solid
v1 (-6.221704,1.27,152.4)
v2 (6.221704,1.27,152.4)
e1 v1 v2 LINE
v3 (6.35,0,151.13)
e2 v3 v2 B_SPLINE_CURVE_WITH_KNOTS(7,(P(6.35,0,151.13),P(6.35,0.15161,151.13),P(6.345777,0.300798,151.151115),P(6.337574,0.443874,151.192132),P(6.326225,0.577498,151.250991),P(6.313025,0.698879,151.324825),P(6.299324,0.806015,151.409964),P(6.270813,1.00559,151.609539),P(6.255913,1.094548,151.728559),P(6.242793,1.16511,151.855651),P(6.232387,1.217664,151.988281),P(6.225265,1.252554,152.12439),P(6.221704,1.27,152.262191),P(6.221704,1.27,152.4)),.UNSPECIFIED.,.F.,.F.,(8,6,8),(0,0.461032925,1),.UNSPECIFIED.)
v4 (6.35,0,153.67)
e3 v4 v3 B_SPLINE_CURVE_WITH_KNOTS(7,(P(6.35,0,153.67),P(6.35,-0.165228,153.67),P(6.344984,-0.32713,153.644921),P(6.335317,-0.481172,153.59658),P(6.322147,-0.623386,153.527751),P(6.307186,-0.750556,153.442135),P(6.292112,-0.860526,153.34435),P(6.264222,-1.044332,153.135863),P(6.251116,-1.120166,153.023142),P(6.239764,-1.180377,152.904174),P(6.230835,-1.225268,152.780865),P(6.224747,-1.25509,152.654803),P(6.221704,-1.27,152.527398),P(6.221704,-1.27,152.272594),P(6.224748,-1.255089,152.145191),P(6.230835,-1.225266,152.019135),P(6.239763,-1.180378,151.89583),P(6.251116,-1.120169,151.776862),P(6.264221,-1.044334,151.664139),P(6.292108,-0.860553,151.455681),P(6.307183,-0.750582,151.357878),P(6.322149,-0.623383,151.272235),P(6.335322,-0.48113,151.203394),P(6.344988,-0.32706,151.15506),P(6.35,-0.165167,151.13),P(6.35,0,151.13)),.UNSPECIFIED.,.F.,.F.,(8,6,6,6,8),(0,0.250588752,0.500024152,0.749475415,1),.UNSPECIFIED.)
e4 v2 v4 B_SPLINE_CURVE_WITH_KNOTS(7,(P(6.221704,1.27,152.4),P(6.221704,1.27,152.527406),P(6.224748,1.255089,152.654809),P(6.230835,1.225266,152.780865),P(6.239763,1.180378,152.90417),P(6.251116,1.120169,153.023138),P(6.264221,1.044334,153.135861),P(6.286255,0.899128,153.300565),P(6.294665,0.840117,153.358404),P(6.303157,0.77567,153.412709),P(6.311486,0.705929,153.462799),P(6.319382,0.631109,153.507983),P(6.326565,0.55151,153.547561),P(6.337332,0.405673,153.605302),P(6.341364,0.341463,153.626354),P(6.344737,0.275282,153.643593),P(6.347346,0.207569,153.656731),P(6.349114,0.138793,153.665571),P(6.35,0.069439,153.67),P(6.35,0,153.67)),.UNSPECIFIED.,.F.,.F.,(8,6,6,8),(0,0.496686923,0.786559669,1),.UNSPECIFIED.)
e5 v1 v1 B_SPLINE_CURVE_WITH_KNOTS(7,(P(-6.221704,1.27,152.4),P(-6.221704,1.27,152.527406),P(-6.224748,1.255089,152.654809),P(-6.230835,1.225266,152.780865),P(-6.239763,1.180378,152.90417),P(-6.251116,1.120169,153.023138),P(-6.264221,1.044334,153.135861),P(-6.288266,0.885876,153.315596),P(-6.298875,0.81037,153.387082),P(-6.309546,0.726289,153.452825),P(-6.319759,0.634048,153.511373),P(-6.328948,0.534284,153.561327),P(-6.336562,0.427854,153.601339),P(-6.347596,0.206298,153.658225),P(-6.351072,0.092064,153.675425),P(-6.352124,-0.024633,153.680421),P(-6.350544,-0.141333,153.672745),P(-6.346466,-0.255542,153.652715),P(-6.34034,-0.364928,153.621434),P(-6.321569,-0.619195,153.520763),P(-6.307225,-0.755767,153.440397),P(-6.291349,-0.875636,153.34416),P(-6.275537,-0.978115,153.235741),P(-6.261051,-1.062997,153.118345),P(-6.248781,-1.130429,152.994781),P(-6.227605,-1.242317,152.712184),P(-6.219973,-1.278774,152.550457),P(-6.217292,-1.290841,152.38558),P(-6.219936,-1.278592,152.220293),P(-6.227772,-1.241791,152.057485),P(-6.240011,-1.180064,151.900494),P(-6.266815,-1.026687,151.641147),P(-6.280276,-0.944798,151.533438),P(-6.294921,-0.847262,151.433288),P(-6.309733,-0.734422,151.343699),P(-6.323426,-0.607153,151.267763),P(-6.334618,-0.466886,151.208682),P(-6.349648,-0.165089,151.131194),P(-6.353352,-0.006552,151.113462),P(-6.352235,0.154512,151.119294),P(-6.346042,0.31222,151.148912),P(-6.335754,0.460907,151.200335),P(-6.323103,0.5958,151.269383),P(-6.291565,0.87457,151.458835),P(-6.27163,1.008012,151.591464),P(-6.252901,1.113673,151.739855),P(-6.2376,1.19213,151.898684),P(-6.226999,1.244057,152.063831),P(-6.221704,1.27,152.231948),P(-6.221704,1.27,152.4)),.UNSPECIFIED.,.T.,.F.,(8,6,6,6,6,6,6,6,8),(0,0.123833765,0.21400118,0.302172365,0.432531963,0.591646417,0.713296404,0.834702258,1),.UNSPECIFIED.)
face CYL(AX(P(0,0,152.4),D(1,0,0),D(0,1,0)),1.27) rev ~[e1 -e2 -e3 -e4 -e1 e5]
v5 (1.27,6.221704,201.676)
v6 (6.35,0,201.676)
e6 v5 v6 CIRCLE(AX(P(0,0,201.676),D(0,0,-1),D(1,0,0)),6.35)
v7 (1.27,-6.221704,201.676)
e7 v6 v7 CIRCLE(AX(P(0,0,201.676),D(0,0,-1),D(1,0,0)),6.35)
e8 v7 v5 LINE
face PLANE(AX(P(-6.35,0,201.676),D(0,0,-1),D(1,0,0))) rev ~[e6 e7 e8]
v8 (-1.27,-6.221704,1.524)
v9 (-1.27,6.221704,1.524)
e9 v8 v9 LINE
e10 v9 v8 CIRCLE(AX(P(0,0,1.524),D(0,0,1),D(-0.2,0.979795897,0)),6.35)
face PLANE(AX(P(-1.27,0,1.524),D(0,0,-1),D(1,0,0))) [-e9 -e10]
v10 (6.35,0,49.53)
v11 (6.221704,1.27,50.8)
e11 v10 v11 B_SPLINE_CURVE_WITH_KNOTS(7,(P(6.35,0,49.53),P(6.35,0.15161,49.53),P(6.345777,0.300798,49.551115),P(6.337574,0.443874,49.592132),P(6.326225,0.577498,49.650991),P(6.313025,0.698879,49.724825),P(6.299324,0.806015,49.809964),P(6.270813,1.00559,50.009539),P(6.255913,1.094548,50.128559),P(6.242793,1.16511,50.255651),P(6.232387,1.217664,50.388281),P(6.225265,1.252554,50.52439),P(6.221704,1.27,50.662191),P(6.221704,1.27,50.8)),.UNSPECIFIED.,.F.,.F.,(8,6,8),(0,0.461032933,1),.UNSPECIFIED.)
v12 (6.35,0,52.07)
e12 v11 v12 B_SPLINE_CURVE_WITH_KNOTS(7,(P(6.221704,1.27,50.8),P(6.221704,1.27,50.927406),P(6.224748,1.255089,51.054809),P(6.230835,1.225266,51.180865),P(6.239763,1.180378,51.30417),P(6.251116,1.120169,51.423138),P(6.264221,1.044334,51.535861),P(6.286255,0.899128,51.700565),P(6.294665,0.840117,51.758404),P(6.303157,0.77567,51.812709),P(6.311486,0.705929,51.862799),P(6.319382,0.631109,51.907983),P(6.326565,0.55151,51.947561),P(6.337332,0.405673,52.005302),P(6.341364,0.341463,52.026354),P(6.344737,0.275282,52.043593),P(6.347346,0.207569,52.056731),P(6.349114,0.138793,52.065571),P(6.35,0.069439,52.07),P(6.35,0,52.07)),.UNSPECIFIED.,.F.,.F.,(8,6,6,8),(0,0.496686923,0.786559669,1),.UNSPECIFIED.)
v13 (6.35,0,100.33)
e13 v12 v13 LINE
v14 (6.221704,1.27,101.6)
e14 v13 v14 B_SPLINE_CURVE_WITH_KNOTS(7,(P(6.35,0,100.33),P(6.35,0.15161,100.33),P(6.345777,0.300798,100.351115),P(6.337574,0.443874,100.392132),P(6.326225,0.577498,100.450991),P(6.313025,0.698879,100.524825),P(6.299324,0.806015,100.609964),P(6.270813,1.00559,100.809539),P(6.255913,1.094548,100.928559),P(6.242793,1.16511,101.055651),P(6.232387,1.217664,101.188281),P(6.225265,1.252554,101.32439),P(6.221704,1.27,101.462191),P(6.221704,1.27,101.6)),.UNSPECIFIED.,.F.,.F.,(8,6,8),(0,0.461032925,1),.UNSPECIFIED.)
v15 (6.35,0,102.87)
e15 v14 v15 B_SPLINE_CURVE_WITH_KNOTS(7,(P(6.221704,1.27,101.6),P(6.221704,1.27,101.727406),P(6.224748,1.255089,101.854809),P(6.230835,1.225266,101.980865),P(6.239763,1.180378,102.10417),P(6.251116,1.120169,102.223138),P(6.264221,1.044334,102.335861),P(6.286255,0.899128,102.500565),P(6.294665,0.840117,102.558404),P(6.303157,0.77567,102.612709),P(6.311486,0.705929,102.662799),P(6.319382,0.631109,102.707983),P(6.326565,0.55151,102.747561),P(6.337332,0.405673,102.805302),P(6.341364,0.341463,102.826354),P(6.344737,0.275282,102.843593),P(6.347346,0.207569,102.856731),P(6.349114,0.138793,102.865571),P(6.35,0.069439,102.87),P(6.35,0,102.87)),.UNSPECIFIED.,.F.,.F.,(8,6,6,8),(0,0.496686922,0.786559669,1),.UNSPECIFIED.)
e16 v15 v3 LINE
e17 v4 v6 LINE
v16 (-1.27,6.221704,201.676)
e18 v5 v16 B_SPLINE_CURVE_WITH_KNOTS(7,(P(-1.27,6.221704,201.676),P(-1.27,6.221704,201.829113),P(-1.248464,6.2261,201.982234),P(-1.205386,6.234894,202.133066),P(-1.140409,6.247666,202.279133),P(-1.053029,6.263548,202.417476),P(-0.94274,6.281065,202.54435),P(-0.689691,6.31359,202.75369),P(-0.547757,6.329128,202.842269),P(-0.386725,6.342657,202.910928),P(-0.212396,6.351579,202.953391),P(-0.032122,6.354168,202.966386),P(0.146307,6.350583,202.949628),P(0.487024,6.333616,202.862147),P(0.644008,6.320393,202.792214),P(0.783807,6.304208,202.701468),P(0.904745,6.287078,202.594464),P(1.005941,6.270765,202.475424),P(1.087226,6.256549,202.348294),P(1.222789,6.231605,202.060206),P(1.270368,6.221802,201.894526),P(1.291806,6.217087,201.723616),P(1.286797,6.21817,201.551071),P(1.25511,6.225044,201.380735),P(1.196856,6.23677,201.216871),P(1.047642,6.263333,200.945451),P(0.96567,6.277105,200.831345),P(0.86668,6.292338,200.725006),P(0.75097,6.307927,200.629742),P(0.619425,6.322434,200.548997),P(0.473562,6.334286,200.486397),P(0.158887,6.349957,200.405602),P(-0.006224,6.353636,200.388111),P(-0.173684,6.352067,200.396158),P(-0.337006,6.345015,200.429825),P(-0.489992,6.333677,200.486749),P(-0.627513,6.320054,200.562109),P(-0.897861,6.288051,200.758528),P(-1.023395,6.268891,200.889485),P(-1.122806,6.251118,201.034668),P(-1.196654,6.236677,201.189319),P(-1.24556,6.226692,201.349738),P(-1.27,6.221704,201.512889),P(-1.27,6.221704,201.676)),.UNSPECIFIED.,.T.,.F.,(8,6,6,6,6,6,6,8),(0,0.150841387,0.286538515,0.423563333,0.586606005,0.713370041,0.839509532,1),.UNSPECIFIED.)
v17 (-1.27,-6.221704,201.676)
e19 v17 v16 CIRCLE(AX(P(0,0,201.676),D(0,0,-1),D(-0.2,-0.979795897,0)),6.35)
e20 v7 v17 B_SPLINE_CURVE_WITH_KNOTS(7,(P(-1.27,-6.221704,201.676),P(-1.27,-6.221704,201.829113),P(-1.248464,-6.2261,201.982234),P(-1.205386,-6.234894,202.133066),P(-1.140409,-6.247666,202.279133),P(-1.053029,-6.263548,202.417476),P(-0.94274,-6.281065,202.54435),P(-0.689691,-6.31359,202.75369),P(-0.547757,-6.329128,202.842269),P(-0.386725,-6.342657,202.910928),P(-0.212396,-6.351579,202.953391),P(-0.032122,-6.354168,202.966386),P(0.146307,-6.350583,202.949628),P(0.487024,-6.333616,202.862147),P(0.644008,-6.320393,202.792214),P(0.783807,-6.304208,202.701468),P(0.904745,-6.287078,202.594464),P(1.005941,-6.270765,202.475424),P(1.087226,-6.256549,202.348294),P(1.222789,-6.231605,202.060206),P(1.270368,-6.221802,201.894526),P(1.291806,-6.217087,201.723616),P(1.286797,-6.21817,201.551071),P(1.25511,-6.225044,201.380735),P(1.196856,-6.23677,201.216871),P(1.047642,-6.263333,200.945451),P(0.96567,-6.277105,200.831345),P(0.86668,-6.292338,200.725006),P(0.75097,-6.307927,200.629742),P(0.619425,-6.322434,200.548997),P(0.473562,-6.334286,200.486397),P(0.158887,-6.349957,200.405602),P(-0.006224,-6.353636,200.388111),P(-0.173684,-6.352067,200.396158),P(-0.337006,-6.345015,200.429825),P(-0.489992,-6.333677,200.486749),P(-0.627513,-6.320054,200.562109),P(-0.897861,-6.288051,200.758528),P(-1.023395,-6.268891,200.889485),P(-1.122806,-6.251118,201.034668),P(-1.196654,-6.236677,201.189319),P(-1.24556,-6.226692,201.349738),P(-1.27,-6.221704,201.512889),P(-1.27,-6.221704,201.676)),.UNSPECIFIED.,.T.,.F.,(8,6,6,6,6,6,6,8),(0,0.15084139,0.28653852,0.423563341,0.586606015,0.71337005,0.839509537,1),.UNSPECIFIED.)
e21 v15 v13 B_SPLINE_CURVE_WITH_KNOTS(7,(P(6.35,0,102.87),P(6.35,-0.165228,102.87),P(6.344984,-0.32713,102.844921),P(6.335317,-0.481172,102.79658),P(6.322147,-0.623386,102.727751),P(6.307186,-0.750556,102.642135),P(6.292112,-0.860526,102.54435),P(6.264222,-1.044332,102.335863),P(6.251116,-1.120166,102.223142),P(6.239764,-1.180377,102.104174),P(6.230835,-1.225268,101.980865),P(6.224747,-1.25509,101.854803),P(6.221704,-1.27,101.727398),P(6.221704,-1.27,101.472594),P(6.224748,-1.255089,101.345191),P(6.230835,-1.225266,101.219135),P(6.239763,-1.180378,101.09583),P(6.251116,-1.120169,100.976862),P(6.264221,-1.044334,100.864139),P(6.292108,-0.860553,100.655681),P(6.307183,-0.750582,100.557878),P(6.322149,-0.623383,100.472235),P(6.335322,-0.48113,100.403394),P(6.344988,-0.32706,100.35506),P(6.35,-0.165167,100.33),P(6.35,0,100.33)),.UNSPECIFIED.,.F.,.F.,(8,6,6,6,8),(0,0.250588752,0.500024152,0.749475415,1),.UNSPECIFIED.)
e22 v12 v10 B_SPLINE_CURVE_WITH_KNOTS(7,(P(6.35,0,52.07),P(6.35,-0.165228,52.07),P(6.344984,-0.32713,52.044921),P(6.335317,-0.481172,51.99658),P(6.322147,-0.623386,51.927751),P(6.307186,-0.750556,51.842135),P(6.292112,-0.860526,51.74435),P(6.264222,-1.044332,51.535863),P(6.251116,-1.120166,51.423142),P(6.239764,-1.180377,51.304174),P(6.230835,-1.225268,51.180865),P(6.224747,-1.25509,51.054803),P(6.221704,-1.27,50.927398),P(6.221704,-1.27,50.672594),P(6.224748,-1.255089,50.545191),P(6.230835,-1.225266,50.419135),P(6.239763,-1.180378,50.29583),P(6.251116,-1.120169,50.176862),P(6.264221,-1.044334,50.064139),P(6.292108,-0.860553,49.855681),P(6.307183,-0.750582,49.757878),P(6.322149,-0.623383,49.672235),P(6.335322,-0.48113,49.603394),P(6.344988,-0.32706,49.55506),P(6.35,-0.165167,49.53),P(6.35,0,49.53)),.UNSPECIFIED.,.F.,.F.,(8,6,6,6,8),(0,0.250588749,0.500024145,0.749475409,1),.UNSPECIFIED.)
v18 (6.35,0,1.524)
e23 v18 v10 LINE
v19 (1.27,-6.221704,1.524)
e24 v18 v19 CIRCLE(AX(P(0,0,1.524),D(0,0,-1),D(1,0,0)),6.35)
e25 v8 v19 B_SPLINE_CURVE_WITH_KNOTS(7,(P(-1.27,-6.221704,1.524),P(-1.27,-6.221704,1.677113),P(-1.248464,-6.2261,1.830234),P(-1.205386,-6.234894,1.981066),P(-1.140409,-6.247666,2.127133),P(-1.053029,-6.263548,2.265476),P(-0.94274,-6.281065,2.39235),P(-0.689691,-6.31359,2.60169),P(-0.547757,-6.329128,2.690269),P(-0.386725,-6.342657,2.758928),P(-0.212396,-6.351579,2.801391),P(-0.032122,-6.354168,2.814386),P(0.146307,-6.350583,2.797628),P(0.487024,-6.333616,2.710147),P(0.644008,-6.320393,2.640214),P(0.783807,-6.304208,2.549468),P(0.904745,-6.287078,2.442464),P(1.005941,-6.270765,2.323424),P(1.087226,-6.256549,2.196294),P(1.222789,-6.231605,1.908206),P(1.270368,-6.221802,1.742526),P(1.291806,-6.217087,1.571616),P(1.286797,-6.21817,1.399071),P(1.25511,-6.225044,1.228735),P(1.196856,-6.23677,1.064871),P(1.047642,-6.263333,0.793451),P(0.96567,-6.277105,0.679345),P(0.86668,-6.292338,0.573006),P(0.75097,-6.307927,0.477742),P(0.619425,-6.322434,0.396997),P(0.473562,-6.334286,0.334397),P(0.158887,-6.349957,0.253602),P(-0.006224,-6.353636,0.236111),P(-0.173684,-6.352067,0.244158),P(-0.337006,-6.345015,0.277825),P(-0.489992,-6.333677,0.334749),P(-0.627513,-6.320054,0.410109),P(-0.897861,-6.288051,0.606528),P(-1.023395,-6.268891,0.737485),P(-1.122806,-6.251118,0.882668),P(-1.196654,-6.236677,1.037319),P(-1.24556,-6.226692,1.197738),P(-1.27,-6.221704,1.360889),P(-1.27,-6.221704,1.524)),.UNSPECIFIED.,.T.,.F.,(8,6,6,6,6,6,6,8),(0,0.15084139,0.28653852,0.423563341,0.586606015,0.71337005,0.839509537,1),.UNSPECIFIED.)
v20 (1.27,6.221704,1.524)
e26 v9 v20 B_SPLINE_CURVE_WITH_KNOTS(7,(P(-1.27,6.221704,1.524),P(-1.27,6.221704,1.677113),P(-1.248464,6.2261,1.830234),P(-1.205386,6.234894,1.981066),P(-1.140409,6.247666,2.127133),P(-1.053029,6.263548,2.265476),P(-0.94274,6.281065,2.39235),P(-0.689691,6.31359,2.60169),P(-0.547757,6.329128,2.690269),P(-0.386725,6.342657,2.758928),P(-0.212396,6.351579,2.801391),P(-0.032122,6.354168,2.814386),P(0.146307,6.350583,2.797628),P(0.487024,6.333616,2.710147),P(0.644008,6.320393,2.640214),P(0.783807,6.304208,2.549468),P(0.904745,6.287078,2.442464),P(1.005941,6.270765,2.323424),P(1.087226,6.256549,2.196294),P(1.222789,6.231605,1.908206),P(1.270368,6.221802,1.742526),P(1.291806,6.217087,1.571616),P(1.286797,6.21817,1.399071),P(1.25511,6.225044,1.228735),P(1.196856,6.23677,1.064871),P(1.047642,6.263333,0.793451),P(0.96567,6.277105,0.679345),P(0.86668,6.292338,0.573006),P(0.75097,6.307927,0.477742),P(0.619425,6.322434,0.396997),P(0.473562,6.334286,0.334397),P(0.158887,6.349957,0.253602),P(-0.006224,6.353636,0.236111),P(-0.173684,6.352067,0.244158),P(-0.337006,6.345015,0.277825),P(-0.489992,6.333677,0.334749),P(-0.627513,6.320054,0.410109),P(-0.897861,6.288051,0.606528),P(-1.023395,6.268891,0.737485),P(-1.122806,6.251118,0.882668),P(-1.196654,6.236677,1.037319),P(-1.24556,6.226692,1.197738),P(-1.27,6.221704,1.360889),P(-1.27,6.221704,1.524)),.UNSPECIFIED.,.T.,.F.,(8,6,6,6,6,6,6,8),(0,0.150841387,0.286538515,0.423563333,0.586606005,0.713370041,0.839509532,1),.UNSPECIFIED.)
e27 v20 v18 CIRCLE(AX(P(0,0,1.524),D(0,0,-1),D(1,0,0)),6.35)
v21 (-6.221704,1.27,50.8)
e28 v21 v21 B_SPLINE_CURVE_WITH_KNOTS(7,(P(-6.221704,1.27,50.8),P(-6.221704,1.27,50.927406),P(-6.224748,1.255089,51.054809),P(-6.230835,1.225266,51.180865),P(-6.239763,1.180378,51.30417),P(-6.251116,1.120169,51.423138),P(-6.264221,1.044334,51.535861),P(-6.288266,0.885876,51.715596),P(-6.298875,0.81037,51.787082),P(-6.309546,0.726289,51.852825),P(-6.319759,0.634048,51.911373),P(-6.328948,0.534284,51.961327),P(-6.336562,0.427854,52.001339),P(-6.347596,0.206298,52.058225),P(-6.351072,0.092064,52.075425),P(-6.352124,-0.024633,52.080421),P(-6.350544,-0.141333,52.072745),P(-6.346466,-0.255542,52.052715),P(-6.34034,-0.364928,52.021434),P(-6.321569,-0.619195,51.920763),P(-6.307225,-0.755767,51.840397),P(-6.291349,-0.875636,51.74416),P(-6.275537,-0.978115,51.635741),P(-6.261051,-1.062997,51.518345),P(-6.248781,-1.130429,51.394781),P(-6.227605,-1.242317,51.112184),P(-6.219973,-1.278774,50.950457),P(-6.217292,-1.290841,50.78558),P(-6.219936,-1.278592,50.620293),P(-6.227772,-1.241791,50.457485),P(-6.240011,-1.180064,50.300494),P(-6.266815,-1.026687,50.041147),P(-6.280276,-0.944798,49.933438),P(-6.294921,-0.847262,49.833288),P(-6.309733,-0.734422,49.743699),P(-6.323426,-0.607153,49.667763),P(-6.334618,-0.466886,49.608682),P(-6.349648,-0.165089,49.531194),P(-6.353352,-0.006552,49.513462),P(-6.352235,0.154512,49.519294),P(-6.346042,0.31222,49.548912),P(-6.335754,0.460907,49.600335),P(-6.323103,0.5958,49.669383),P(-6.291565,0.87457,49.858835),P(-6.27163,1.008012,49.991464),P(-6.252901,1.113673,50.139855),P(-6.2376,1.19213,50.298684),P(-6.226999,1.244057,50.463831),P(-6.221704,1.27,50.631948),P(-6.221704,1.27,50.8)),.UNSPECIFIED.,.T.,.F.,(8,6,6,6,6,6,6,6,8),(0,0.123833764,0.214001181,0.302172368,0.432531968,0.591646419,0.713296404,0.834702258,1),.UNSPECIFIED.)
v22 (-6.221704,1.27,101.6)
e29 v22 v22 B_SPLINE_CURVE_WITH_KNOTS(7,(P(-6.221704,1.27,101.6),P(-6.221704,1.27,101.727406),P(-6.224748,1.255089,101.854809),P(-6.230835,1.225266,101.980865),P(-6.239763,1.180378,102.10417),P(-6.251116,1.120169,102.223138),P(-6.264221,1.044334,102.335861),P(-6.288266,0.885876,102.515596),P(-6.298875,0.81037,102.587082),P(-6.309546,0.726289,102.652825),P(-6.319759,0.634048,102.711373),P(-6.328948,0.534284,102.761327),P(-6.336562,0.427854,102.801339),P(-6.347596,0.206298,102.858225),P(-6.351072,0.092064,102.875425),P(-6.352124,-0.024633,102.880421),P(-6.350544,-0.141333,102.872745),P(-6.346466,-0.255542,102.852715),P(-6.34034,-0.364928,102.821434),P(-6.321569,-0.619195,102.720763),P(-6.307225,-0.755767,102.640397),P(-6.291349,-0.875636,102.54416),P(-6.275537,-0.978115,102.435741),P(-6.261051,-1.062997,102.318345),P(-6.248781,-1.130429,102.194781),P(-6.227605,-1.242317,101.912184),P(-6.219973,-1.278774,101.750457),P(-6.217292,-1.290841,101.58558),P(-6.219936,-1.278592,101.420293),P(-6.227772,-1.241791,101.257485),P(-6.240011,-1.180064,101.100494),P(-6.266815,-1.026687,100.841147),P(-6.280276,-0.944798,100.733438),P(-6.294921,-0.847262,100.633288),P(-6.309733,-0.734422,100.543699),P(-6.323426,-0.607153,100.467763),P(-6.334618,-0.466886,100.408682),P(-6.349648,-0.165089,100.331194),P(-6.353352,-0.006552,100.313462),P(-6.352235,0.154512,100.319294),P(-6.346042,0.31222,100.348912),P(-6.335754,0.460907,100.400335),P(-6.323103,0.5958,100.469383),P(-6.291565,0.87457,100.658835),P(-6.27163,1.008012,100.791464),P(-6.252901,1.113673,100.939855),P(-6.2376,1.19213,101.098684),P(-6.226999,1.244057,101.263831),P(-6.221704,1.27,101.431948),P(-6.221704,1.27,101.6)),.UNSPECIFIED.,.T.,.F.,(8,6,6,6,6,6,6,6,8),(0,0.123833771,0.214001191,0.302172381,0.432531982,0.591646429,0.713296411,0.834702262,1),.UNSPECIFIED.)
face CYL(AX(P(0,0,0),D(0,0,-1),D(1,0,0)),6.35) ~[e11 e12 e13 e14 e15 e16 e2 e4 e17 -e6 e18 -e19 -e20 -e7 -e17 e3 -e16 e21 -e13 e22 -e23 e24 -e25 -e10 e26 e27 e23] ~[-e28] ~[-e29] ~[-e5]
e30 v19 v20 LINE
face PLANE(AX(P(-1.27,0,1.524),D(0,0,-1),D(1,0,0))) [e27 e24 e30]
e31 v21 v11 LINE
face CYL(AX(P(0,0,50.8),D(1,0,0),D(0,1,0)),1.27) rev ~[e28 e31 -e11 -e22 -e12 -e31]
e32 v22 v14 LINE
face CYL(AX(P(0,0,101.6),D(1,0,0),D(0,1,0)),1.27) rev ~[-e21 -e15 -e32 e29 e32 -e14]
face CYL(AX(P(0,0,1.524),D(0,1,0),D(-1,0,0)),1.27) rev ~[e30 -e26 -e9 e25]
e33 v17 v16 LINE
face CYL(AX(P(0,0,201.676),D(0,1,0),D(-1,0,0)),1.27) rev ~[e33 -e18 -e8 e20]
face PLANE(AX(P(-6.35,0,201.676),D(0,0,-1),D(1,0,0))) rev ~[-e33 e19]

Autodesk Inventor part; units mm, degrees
ref_plane "YZ Plane" through (0, 0, 0) normal (1, 0, 0) x (0, 1, 0)
ref_plane "XZ Plane" through (0, 0, 0) normal (0, 1, 0) x (-1, 0, 0)
ref_plane "XY Plane" through (0, 0, 0) normal (0, 0, 1) x (1, 0, 0)
sketch "Sketch1" plane through (0, 0, 0) normal (0, 0, 1) x (1, 0, 0)
  circle A0 centre (0, 0) radius 6.35
  dimension "d0" = 12.7
extrude "Extrusion1" add sketch "Sketch1" along normal blind 203.2
sketch "Sketch4" plane through (0, 0, 0) normal (0, 1, 0) x (-1, 0, 0)
  line L0 (0, 0) -> (0, 1.524)
  line L1 (6.35, 203.2) -> (-6.35, 203.2) projected
  line L2 (0, 203.2) -> (0, 201.676)
  circle A0 centre (0, 201.676) radius 1.27
  circle A1 centre (0, 1.524) radius 1.27
  dimension "d13" = 1.524
  dimension "d15" = 1.524
  dimension "d16" = 2.54
  dimension "d19" = 2.54
extrude "Extrusion4" cut sketch "Sketch4" along normal mid plane 15.24
sketch "Sketch5" plane through (0, 0, 0) normal (0, 1, 0) x (-1, 0, 0)
  line L0 (0, 1.524) -> (-1.27, 1.524)
  line L1 (-6.35, 0) -> (6.35, 0) projected
  line L2 (-1.27, 0) -> (1.27, 0)
  line L3 (1.27, 1.524) -> (0, 1.524)
  line L4 (1.27, 1.524) -> (6.35, 1.524)
  line L5 (6.35, 0) -> (6.35, 203.2) projected
  line L6 (6.35, 1.524) -> (-6.35, 1.524)
  line L7 (-6.35, 1.524) -> (-6.35, 0)
  line L8 (-6.35, 0) -> (6.35, 0)
  line L9 (6.35, 0) -> (6.35, 1.524)
  line L10 (6.35, 203.2) -> (-6.35, 203.2) projected
  line L11 (-6.35, 203.2) -> (6.35, 203.2)
  line L12 (6.35, 203.2) -> (6.35, 201.676)
  line L13 (6.35, 201.676) -> (-6.35, 201.676)
  line L14 (-6.35, 201.676) -> (-6.35, 203.2)
  point P0 (0, 0)
  dimension "d20" = 1.524
  dimension "d21" = 1.27
  dimension "d26" = 12.7
  dimension "d27" = 1.524
extrude "Extrusion6" cut sketch "Sketch5" along normal mid plane 25.4
sketch "Sketch7" plane through (0, 0, 0) normal (1, 0, 0) x (0, 1, 0)
  line L0 (0, 0) -> (0, 50.8)
  circle A0 centre (0, 50.8) radius 1.27
  line L1 (0, 50.8) -> (0, 101.6)
  circle A1 centre (0, 101.6) radius 1.27
  line L2 (0, 101.6) -> (0, 152.4)
  circle A2 centre (0, 152.4) radius 1.27
  dimension "d42" = 50.8
  dimension "d43" = 2.54
  dimension "d44" = 50.8
  dimension "d45" = 2.54
  dimension "d46" = 50.8
  dimension "d47" = 2.54
extrude "Extrusion8" cut sketch "Sketch7" along normal mid plane 25.4
properties part number "Straw"
